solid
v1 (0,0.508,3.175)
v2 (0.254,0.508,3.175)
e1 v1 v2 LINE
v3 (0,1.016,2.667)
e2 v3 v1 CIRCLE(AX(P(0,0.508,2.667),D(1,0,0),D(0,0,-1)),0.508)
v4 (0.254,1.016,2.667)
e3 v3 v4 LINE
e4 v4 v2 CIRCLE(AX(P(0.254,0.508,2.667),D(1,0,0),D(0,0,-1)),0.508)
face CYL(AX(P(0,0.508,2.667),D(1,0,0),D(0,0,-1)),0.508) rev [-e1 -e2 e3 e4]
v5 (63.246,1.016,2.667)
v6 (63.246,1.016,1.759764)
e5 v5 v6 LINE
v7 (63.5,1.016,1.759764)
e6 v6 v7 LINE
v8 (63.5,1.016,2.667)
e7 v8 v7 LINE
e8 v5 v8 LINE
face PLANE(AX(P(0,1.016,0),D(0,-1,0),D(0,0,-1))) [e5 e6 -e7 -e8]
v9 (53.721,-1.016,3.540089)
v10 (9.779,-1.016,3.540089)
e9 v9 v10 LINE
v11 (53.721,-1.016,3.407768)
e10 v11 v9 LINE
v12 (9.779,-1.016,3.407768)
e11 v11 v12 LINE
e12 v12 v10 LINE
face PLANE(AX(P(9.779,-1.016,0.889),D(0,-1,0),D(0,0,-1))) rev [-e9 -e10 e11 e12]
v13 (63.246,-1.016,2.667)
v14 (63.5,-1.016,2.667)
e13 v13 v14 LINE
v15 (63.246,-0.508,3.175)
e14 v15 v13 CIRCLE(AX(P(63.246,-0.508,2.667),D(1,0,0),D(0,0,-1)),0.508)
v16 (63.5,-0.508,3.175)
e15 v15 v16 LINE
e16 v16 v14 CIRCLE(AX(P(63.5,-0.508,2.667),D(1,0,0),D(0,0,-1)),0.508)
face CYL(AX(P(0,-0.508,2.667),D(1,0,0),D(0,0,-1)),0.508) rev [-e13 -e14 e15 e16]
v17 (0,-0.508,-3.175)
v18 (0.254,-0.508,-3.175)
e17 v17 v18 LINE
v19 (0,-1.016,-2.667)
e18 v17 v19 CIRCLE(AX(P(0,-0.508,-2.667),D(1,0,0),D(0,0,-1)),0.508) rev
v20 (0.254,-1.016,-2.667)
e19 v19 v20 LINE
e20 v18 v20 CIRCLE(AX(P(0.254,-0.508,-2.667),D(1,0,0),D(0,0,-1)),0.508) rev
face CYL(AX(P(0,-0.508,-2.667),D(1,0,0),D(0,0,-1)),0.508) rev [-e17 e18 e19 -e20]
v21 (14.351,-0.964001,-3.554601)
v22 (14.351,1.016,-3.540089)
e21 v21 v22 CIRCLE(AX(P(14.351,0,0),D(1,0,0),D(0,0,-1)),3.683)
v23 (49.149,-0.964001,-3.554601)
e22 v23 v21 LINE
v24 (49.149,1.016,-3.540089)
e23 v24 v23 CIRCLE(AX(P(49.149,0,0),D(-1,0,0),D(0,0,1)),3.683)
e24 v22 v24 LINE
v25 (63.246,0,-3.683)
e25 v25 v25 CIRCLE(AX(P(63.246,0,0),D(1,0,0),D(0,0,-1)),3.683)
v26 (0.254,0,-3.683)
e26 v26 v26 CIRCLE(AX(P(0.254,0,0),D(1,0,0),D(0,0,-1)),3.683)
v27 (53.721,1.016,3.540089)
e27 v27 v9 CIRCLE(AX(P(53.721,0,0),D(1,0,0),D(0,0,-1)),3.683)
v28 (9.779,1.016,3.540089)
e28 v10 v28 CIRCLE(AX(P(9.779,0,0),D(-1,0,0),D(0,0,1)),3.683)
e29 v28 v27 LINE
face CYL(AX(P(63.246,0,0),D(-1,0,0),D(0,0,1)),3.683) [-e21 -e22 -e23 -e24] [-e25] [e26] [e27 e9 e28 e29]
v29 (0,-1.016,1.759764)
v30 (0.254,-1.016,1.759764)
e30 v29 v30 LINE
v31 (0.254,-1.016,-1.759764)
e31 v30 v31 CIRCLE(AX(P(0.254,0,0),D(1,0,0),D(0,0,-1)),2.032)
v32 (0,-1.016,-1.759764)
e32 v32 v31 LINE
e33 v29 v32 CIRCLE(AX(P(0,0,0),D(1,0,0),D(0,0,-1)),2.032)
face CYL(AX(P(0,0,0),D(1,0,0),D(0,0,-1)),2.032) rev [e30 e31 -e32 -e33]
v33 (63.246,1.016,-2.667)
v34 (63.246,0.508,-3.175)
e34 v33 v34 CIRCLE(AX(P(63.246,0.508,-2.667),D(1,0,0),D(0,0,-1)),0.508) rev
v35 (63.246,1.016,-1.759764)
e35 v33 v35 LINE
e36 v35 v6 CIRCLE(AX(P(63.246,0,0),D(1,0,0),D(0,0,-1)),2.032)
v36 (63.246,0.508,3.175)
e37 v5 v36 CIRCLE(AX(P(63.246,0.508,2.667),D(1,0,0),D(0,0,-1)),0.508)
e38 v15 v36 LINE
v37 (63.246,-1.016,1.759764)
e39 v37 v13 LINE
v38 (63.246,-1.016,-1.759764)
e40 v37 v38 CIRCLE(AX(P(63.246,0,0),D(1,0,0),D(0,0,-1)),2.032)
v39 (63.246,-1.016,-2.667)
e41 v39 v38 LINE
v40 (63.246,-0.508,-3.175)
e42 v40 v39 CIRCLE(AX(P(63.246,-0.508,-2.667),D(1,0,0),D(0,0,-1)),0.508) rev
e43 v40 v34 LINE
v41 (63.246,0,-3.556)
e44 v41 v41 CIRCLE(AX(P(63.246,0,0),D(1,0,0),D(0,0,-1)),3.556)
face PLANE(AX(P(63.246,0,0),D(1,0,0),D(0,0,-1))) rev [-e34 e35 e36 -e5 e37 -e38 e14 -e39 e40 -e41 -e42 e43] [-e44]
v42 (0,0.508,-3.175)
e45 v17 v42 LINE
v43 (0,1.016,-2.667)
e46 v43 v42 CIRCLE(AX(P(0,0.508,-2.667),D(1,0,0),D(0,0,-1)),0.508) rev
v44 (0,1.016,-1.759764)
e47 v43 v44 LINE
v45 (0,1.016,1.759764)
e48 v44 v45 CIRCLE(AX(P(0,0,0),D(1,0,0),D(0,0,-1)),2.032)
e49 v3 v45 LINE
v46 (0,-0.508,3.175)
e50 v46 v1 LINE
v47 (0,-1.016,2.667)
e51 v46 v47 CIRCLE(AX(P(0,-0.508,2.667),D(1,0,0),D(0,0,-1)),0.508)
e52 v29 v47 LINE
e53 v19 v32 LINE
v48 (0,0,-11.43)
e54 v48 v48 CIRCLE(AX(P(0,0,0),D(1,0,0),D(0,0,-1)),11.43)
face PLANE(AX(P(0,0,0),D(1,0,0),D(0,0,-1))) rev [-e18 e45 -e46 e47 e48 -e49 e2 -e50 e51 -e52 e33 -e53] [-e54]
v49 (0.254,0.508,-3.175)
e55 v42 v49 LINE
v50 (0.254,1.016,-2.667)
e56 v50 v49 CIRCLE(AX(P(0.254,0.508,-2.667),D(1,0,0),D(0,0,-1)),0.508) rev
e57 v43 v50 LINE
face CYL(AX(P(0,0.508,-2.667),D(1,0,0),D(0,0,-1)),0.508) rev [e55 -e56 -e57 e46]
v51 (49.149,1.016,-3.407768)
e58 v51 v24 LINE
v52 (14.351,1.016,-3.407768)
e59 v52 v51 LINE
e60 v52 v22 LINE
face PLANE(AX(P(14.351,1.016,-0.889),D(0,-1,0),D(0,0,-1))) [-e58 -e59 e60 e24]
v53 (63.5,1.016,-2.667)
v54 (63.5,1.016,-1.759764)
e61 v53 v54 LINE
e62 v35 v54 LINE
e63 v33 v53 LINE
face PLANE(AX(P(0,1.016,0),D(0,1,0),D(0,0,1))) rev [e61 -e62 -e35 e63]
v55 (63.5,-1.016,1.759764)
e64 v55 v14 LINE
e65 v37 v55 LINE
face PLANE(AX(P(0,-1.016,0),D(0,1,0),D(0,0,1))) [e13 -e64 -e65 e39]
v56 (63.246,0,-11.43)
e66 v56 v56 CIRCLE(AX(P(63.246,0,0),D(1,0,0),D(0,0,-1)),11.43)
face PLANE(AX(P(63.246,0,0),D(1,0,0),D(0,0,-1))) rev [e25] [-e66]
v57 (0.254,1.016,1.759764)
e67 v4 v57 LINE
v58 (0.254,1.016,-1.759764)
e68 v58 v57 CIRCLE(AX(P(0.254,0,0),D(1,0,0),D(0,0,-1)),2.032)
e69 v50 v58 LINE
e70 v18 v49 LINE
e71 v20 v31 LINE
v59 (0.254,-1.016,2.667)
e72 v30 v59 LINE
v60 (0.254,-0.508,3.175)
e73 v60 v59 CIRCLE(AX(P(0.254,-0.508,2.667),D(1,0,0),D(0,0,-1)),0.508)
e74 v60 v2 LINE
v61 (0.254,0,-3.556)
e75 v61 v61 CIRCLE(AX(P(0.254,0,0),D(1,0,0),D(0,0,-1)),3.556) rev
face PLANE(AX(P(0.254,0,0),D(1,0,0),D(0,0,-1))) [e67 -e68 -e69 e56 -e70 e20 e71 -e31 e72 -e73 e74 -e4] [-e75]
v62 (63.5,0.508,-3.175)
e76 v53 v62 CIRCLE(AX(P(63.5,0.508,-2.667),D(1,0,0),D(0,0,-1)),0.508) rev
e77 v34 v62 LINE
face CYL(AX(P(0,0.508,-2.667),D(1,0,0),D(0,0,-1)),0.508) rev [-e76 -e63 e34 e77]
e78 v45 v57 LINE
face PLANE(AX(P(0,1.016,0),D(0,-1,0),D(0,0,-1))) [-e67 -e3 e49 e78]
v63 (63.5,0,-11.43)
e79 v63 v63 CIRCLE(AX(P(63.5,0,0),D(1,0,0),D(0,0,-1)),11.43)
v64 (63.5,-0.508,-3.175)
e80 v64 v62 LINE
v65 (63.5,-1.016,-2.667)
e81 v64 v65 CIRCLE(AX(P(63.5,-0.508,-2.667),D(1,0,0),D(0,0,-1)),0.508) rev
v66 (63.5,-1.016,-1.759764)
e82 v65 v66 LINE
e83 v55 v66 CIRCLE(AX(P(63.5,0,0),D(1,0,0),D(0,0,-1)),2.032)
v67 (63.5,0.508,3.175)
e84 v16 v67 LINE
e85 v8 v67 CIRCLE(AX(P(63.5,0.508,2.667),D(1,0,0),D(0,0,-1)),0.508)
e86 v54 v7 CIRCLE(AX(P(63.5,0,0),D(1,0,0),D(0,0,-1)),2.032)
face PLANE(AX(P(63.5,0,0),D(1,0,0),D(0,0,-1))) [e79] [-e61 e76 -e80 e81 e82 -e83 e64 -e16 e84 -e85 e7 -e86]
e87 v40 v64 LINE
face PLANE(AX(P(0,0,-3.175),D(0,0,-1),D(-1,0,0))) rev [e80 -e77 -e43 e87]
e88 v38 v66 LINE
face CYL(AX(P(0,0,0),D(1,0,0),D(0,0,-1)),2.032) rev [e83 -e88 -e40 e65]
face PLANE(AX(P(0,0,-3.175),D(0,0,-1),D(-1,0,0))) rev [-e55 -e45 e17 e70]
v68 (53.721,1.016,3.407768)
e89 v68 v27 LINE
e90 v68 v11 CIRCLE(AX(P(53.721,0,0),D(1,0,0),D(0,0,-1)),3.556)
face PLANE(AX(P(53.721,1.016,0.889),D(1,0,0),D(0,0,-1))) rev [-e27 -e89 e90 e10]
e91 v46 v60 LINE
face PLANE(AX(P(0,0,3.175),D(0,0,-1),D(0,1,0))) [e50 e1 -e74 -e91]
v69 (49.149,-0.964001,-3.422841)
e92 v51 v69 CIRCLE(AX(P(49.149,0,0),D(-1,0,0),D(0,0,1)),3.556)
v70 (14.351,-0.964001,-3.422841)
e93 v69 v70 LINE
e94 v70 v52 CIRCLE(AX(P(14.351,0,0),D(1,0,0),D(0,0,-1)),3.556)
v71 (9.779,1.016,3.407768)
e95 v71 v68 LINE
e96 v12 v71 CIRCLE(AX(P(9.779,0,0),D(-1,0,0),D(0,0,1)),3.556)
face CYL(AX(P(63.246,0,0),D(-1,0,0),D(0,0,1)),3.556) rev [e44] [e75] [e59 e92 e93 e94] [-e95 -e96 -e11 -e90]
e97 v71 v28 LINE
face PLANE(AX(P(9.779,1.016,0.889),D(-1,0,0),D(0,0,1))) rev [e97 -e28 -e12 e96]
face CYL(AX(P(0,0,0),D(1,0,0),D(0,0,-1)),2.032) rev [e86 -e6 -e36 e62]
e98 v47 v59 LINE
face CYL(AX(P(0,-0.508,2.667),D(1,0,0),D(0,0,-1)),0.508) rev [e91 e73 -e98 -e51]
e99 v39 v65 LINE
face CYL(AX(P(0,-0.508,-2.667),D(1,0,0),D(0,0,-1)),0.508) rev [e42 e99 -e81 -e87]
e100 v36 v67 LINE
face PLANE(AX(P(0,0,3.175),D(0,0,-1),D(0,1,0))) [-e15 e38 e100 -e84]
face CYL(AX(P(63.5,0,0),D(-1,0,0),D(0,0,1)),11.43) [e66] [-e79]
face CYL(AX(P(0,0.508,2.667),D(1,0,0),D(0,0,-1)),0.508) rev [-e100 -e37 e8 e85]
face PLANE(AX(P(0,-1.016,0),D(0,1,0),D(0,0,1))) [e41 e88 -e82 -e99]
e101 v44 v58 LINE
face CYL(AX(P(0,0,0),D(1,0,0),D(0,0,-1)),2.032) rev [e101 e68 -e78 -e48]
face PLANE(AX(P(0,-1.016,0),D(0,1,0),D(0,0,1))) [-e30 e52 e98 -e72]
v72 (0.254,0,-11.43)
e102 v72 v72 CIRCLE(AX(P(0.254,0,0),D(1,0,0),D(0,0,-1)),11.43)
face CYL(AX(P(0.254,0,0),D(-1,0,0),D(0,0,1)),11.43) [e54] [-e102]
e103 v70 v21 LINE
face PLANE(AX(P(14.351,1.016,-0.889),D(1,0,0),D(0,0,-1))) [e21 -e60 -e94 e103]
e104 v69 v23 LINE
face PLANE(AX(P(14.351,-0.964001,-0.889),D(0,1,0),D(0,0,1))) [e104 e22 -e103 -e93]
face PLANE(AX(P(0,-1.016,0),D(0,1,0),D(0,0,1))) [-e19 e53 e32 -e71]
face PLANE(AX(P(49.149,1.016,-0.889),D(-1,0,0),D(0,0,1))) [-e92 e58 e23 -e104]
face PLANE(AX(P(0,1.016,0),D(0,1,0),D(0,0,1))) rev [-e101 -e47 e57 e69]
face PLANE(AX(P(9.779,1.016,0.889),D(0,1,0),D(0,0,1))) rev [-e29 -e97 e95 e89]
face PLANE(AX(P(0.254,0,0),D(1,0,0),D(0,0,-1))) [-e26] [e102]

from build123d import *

# Parameters (mm, degrees)
SKETCH1_R           = 11.43
BOSS_EXTRUDE1_DEPTH = 0.254
SKETCH2_R           = 3.683
SKETCH2_R_2         = 3.556
BOSS_EXTRUDE2_DEPTH = 62.992
SKETCH3_R           = 11.43
BOSS_EXTRUDE3_DEPTH = 0.254
SKETCH5_W           = 43.942
SKETCH5_H           = 2.032
CUT_EXTRUDE1_DEPTH  = 2.794
SKETCH6_W           = 34.798
SKETCH6_H           = 1.980001403
CUT_EXTRUDE3_DEPTH  = 2.794
SKETCH7_R           = 2.032
CUT_EXTRUDE4_DEPTH  = 64.5


with BuildPart() as part:
    # Sketch1 → Boss-Extrude1 (new body)
    with BuildSketch(Plane(origin=(0, 0, 0), x_dir=(0, 0, -1), z_dir=(1, 0, 0))):
        Circle(SKETCH1_R)
    extrude(amount=BOSS_EXTRUDE1_DEPTH)

    # Sketch2 → Boss-Extrude2 (add)
    with BuildSketch(Plane(origin=(0.254, 0, 0), x_dir=(0, 0, -1), z_dir=(1, 0, 0))):
        Circle(SKETCH2_R)
        Circle(SKETCH2_R_2, mode=Mode.SUBTRACT)
    extrude(amount=BOSS_EXTRUDE2_DEPTH)

    # Sketch3 → Boss-Extrude3 (add)
    with BuildSketch(Plane(origin=(63.246, 0, 0), x_dir=(0, 0, -1), z_dir=(1, 0, 0))):
        Circle(SKETCH3_R)
    extrude(amount=BOSS_EXTRUDE3_DEPTH)

    # Sketch5 → Cut-Extrude1 (cut)
    with BuildSketch(Plane.XY.offset(3.683)):
        with Locations((31.75, 0)):
            Rectangle(SKETCH5_W, SKETCH5_H)
    extrude(amount=-CUT_EXTRUDE1_DEPTH, mode=Mode.SUBTRACT)

    # Sketch6 → Cut-Extrude3 (cut)
    with BuildSketch(Plane.XY.offset(-3.683)):
        with Locations((31.75, 0.025999298)):
            Rectangle(SKETCH6_W, SKETCH6_H)
    extrude(amount=CUT_EXTRUDE3_DEPTH, mode=Mode.SUBTRACT)

    # Sketch7 → Cut-Extrude4 (cut, through all)
    with BuildSketch(Plane(origin=(63.5, 0, 0), x_dir=(0, 0, -1), z_dir=(1, 0, 0))):
        with BuildLine():
            Line((-2.667, -1.016), (-1.75976362, -1.016))
            ThreePointArc((-1.75976362, -1.016), (-2.032, 0), (-1.75976362, 1.016))
            Line((-1.75976362, 1.016), (-2.667, 1.016))
            ThreePointArc((-2.667, 1.016), (-3.026210245, 0.867210245), (-3.175, 0.508))
            Line((-3.175, 0.508), (-3.175, -0.508))
            ThreePointArc((-3.175, -0.508), (-3.026210245, -0.867210245), (-2.667, -1.016))
        make_face()
        with BuildLine():
            ThreePointArc((2.667, -1.016), (3.026210245, -0.867210245), (3.175, -0.508))
            Line((3.175, -0.508), (3.175, 0.508))
            ThreePointArc((3.175, 0.508), (3.026210245, 0.867210245), (2.667, 1.016))
            Line((2.667, 1.016), (1.75976362, 1.016))
            ThreePointArc((1.75976362, 1.016), (1.962761279, 0.5259203), (2.032, 0))
            ThreePointArc((2.032, 0), (1.962761279, -0.5259203), (1.75976362, -1.016))
            Line((1.75976362, -1.016), (2.667, -1.016))
        make_face()
        Circle(SKETCH7_R)
    extrude(amount=-CUT_EXTRUDE4_DEPTH, mode=Mode.SUBTRACT)


solid = part.part
